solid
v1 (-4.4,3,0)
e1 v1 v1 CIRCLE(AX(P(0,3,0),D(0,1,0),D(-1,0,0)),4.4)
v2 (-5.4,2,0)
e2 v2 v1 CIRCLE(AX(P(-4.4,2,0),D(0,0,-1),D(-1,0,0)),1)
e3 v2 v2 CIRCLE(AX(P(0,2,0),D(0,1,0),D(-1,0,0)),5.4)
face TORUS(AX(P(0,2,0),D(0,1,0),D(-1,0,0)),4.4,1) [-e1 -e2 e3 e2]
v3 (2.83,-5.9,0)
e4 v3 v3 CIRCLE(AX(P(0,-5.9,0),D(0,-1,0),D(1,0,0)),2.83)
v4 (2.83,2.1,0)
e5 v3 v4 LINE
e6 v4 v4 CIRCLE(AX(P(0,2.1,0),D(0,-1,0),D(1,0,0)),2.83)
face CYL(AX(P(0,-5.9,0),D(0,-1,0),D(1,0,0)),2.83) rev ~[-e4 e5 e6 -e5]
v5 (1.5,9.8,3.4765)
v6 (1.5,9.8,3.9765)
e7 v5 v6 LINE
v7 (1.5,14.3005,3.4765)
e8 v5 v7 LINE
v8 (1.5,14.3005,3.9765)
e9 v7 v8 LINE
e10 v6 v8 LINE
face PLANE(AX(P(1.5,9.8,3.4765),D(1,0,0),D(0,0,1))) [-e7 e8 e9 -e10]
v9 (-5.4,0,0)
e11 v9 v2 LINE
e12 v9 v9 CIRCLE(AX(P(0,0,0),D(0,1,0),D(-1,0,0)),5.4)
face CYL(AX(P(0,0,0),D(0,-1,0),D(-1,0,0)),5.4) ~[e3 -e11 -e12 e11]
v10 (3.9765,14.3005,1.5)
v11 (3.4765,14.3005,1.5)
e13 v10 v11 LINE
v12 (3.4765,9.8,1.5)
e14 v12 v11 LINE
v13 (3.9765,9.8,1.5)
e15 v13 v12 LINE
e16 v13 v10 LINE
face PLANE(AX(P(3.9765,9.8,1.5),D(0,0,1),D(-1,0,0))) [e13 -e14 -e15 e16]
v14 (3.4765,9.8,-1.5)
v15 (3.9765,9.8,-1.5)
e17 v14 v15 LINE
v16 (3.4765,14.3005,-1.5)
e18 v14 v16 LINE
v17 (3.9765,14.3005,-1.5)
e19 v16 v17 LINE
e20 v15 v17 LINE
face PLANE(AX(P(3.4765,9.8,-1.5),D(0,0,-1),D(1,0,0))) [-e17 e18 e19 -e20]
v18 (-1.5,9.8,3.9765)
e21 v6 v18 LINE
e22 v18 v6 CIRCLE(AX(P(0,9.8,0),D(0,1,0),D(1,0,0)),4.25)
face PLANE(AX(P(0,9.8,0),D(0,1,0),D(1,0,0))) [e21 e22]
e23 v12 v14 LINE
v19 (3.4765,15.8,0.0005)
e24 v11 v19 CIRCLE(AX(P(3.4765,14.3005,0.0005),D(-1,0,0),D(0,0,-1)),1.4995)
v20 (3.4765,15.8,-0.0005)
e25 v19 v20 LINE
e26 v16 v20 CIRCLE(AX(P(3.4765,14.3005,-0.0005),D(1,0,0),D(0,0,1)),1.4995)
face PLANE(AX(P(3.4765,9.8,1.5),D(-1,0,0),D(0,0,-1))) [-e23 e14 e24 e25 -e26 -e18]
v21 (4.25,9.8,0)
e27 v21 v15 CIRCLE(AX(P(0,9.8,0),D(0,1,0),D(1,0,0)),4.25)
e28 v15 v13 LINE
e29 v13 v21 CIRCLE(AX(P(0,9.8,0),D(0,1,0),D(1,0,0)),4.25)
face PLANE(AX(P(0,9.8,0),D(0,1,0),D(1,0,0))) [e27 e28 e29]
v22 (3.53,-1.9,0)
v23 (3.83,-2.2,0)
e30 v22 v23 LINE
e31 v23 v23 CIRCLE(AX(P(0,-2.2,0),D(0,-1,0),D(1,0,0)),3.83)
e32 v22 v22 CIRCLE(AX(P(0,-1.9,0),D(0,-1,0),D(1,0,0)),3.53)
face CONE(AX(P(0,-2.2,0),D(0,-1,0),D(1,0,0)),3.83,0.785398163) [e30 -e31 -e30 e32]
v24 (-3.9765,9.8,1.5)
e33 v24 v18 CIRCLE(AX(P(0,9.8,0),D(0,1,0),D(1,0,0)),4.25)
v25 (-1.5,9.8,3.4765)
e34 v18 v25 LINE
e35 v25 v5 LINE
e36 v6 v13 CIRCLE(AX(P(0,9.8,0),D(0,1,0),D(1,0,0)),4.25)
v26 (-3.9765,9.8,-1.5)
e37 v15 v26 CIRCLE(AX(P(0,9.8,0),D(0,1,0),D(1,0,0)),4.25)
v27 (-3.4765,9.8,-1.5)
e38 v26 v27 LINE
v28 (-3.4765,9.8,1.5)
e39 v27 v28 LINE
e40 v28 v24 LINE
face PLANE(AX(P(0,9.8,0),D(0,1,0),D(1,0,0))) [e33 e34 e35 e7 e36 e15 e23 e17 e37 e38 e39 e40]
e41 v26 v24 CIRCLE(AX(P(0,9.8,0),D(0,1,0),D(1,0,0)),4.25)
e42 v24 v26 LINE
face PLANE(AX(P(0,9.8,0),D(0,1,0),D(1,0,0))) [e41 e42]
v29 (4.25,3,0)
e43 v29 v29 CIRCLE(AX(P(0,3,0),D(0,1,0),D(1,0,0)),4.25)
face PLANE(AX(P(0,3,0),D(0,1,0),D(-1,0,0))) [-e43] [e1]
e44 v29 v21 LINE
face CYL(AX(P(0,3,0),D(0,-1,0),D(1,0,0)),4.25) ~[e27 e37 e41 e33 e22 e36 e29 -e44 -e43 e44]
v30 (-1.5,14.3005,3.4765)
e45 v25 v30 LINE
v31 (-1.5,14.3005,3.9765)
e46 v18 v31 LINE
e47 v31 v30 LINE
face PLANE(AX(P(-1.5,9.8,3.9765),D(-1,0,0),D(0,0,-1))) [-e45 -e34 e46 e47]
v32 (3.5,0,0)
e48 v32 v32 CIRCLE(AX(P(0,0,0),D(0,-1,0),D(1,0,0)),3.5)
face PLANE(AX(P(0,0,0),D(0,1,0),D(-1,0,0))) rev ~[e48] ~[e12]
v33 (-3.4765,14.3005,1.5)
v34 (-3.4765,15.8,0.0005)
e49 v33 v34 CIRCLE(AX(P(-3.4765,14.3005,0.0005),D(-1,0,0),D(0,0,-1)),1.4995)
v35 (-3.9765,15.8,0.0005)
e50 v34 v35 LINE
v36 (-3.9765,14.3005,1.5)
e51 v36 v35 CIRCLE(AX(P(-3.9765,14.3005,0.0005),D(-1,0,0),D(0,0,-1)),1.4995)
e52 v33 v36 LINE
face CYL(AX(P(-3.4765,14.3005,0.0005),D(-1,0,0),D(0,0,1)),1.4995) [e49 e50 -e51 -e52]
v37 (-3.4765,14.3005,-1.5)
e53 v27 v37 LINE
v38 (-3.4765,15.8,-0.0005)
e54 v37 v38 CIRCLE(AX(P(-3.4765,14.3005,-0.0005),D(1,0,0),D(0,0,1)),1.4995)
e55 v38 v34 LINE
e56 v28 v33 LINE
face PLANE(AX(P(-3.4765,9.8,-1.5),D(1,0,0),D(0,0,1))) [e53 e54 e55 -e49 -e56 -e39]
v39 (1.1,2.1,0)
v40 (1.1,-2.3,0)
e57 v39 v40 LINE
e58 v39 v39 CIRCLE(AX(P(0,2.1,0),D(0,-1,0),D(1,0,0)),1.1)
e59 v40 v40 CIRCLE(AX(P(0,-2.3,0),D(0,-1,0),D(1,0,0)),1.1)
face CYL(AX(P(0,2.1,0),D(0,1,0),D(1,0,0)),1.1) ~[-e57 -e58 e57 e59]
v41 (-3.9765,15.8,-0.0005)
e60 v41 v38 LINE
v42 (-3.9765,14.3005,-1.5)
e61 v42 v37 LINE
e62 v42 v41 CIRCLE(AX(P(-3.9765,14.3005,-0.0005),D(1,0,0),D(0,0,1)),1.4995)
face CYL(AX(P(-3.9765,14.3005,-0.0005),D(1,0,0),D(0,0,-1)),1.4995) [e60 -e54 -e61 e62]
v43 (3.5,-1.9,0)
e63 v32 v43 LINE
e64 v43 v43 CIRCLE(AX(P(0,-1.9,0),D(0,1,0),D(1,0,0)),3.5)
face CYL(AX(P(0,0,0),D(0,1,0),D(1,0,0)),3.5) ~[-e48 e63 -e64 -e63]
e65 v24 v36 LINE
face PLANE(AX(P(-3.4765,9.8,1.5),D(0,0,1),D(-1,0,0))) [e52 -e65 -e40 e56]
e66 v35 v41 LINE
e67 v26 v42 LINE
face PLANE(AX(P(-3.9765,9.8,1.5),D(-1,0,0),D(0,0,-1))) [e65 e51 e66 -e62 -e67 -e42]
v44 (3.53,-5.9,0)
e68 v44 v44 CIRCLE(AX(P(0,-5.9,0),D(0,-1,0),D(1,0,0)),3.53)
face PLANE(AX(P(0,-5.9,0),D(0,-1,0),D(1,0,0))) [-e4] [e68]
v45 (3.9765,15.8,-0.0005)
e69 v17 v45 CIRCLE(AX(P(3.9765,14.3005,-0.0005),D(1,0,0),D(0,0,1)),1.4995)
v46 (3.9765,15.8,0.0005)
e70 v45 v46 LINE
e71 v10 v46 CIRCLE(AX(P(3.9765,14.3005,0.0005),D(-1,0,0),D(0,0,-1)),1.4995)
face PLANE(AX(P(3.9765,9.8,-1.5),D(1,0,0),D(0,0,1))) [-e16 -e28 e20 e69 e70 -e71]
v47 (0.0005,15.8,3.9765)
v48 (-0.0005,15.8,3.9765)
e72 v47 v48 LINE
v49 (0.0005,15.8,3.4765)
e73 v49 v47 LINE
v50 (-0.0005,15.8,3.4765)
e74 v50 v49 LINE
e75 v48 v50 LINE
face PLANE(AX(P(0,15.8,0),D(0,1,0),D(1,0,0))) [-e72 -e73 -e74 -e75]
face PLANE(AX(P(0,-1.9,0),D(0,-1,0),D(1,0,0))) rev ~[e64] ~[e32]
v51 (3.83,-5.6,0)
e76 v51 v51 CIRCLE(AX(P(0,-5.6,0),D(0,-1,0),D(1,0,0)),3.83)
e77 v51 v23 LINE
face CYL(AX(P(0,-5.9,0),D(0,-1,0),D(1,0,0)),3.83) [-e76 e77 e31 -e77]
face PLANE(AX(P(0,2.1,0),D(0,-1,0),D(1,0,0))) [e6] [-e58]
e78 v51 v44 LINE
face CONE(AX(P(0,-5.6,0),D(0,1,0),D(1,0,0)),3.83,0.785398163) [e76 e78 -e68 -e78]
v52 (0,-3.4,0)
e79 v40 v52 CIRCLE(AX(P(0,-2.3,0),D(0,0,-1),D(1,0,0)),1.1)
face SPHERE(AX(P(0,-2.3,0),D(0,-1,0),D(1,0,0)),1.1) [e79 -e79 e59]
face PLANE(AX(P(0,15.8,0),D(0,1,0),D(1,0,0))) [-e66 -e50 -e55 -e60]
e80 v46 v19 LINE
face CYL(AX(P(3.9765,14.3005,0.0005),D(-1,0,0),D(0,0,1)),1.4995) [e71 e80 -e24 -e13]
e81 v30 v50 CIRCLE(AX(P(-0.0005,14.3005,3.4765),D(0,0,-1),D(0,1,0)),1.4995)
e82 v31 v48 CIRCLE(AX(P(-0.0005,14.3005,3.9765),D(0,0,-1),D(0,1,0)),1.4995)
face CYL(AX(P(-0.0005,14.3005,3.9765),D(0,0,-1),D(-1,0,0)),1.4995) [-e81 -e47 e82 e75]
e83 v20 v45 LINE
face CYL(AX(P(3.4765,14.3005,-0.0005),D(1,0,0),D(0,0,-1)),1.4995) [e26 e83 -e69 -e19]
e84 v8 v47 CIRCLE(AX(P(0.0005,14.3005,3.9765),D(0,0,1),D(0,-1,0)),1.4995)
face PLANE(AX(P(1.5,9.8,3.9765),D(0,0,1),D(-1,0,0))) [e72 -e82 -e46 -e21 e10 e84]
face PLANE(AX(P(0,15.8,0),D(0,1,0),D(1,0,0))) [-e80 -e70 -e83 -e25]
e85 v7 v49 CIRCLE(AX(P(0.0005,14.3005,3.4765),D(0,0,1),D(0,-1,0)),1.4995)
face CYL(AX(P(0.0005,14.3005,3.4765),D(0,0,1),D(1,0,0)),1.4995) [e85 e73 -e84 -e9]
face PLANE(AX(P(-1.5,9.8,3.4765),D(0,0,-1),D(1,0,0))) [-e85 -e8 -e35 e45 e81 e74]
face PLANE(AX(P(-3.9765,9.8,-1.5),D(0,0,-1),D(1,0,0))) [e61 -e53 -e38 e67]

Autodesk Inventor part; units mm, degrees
ref_plane "YZ Plane" through (0, 0, 0) normal (1, 0, 0) x (0, 1, 0)
ref_plane "XZ Plane" through (0, 0, 0) normal (0, 1, 0) x (-1, 0, 0)
ref_plane "XY Plane" through (0, 0, 0) normal (0, 0, 1) x (1, 0, 0)
sketch "Sketch1" plane through (0, 0, 0) normal (0, 1, 0) x (-1, 0, 0)
  circle A0 centre (0, 0) radius 5.4
  dimension "d0" = 10.8
extrude "Extrusion1" add sketch "Sketch1" along normal blind 3
fillet "Fillet1" radius 1 1 edges at (5.4, 3, 0)
sketch "Sketch2" plane through (0, 3, 0) normal (0, 1, 0) x (1, 0, 0)
  circle A0 centre (0, 0) radius 4.25
  dimension "d4" = 8.5
extrude "Extrusion2" add sketch "Sketch2" along normal blind 6.8
sketch "Sketch3" plane through (0, 0, 0) normal (0, -1, 0) x (1, 0, 0)
  circle A0 centre (0, 0) radius 3.5
  dimension "d7" = 7
extrude "Extrusion3" add sketch "Sketch3" along normal blind 5.9
sketch "Sketch4" plane through (0, -5.9, 0) normal (0, -1, 0) x (1, 0, 0)
  circle A0 centre (0, 0) radius 4.25 projected
  circle A1 centre (0, 0) radius 3.83
  dimension "d10" = 7.66
extrude "Extrusion4" add sketch "Sketch4" against normal blind 4 contours A1
sketch "Sketch5" plane through (0, 9.8, 0) normal (0, 1, 0) x (1, 0, 0)
  line L0 (-3.9765, 1.5) -> (-3.4765, 1.5)
  line L1 (-3.4765, 1.5) -> (-3.4765, -1.5)
  line L2 (-3.4765, -1.5) -> (-3.9765, -1.5)
  line L3 (-3.9765, -1.5) -> (-3.9765, 1.5)
  circle A0 centre (0, 0) radius 4.25 projected
  line L4 (-1.5, -3.9765) -> (-1.5, -3.4765)
  line L5 (-1.5, -3.4765) -> (1.5, -3.4765)
  line L6 (1.5, -3.4765) -> (1.5, -3.9765)
  line L7 (1.5, -3.9765) -> (-1.5, -3.9765)
  line L8 (3.9765, -1.5) -> (3.4765, -1.5)
  line L9 (3.4765, -1.5) -> (3.4765, 1.5)
  line L10 (3.4765, 1.5) -> (3.9765, 1.5)
  line L11 (3.9765, 1.5) -> (3.9765, -1.5)
  dimension "d13" = 0.5
  dimension "d14" = 3
  dimension "d17" = 180
extrude "Extrusion5" add sketch "Sketch5" along normal blind 6 contours L0 L1 L2 L3 | L11 L8 L9 L10 | L4 L5 L6 L7
fillet "Fillet2" radius 1.5 6 edges at (3.7265, 15.8, -1.5) (3.7265, 15.8, 1.5) (1.5, 15.8, 3.7265) (-1.5, 15.8, 3.7265) (-3.7265, 15.8, 1.5) (-3.7265, 15.8, -1.5)
chamfer "Chamfer1" distance 0.3 angle 45 1 edges at (-3.83, -1.9, 0)
chamfer "Chamfer2" distance 0.3 angle 45 1 edges at (-3.83, -5.9, 0)
sketch "Sketch6" plane through (0, -5.9, 0) normal (0, -1, 0) x (1, 0, 0)
  circle A0 centre (0, 0) radius 3.83 projected
  circle A1 centre (0, 0) radius 2.83
  dimension "d28" = 1
extrude "Extrusion6" cut sketch "Sketch6" against normal blind 8 contours A1
sketch "Sketch7" plane through (0, 2.1, 0) normal (0, -1, 0) x (1, 0, 0)
  circle A0 centre (0, 0) radius 1.1
  dimension "d31" = 2.2
extrude "Extrusion7" add sketch "Sketch7" along normal blind 5.5
fillet "Fillet3" radius 1.1 1 edges at (-1.1, -3.4, 0)
equation "\"d34\" = 0.5 * d31"
properties part number "gniazdo_zasilania"
